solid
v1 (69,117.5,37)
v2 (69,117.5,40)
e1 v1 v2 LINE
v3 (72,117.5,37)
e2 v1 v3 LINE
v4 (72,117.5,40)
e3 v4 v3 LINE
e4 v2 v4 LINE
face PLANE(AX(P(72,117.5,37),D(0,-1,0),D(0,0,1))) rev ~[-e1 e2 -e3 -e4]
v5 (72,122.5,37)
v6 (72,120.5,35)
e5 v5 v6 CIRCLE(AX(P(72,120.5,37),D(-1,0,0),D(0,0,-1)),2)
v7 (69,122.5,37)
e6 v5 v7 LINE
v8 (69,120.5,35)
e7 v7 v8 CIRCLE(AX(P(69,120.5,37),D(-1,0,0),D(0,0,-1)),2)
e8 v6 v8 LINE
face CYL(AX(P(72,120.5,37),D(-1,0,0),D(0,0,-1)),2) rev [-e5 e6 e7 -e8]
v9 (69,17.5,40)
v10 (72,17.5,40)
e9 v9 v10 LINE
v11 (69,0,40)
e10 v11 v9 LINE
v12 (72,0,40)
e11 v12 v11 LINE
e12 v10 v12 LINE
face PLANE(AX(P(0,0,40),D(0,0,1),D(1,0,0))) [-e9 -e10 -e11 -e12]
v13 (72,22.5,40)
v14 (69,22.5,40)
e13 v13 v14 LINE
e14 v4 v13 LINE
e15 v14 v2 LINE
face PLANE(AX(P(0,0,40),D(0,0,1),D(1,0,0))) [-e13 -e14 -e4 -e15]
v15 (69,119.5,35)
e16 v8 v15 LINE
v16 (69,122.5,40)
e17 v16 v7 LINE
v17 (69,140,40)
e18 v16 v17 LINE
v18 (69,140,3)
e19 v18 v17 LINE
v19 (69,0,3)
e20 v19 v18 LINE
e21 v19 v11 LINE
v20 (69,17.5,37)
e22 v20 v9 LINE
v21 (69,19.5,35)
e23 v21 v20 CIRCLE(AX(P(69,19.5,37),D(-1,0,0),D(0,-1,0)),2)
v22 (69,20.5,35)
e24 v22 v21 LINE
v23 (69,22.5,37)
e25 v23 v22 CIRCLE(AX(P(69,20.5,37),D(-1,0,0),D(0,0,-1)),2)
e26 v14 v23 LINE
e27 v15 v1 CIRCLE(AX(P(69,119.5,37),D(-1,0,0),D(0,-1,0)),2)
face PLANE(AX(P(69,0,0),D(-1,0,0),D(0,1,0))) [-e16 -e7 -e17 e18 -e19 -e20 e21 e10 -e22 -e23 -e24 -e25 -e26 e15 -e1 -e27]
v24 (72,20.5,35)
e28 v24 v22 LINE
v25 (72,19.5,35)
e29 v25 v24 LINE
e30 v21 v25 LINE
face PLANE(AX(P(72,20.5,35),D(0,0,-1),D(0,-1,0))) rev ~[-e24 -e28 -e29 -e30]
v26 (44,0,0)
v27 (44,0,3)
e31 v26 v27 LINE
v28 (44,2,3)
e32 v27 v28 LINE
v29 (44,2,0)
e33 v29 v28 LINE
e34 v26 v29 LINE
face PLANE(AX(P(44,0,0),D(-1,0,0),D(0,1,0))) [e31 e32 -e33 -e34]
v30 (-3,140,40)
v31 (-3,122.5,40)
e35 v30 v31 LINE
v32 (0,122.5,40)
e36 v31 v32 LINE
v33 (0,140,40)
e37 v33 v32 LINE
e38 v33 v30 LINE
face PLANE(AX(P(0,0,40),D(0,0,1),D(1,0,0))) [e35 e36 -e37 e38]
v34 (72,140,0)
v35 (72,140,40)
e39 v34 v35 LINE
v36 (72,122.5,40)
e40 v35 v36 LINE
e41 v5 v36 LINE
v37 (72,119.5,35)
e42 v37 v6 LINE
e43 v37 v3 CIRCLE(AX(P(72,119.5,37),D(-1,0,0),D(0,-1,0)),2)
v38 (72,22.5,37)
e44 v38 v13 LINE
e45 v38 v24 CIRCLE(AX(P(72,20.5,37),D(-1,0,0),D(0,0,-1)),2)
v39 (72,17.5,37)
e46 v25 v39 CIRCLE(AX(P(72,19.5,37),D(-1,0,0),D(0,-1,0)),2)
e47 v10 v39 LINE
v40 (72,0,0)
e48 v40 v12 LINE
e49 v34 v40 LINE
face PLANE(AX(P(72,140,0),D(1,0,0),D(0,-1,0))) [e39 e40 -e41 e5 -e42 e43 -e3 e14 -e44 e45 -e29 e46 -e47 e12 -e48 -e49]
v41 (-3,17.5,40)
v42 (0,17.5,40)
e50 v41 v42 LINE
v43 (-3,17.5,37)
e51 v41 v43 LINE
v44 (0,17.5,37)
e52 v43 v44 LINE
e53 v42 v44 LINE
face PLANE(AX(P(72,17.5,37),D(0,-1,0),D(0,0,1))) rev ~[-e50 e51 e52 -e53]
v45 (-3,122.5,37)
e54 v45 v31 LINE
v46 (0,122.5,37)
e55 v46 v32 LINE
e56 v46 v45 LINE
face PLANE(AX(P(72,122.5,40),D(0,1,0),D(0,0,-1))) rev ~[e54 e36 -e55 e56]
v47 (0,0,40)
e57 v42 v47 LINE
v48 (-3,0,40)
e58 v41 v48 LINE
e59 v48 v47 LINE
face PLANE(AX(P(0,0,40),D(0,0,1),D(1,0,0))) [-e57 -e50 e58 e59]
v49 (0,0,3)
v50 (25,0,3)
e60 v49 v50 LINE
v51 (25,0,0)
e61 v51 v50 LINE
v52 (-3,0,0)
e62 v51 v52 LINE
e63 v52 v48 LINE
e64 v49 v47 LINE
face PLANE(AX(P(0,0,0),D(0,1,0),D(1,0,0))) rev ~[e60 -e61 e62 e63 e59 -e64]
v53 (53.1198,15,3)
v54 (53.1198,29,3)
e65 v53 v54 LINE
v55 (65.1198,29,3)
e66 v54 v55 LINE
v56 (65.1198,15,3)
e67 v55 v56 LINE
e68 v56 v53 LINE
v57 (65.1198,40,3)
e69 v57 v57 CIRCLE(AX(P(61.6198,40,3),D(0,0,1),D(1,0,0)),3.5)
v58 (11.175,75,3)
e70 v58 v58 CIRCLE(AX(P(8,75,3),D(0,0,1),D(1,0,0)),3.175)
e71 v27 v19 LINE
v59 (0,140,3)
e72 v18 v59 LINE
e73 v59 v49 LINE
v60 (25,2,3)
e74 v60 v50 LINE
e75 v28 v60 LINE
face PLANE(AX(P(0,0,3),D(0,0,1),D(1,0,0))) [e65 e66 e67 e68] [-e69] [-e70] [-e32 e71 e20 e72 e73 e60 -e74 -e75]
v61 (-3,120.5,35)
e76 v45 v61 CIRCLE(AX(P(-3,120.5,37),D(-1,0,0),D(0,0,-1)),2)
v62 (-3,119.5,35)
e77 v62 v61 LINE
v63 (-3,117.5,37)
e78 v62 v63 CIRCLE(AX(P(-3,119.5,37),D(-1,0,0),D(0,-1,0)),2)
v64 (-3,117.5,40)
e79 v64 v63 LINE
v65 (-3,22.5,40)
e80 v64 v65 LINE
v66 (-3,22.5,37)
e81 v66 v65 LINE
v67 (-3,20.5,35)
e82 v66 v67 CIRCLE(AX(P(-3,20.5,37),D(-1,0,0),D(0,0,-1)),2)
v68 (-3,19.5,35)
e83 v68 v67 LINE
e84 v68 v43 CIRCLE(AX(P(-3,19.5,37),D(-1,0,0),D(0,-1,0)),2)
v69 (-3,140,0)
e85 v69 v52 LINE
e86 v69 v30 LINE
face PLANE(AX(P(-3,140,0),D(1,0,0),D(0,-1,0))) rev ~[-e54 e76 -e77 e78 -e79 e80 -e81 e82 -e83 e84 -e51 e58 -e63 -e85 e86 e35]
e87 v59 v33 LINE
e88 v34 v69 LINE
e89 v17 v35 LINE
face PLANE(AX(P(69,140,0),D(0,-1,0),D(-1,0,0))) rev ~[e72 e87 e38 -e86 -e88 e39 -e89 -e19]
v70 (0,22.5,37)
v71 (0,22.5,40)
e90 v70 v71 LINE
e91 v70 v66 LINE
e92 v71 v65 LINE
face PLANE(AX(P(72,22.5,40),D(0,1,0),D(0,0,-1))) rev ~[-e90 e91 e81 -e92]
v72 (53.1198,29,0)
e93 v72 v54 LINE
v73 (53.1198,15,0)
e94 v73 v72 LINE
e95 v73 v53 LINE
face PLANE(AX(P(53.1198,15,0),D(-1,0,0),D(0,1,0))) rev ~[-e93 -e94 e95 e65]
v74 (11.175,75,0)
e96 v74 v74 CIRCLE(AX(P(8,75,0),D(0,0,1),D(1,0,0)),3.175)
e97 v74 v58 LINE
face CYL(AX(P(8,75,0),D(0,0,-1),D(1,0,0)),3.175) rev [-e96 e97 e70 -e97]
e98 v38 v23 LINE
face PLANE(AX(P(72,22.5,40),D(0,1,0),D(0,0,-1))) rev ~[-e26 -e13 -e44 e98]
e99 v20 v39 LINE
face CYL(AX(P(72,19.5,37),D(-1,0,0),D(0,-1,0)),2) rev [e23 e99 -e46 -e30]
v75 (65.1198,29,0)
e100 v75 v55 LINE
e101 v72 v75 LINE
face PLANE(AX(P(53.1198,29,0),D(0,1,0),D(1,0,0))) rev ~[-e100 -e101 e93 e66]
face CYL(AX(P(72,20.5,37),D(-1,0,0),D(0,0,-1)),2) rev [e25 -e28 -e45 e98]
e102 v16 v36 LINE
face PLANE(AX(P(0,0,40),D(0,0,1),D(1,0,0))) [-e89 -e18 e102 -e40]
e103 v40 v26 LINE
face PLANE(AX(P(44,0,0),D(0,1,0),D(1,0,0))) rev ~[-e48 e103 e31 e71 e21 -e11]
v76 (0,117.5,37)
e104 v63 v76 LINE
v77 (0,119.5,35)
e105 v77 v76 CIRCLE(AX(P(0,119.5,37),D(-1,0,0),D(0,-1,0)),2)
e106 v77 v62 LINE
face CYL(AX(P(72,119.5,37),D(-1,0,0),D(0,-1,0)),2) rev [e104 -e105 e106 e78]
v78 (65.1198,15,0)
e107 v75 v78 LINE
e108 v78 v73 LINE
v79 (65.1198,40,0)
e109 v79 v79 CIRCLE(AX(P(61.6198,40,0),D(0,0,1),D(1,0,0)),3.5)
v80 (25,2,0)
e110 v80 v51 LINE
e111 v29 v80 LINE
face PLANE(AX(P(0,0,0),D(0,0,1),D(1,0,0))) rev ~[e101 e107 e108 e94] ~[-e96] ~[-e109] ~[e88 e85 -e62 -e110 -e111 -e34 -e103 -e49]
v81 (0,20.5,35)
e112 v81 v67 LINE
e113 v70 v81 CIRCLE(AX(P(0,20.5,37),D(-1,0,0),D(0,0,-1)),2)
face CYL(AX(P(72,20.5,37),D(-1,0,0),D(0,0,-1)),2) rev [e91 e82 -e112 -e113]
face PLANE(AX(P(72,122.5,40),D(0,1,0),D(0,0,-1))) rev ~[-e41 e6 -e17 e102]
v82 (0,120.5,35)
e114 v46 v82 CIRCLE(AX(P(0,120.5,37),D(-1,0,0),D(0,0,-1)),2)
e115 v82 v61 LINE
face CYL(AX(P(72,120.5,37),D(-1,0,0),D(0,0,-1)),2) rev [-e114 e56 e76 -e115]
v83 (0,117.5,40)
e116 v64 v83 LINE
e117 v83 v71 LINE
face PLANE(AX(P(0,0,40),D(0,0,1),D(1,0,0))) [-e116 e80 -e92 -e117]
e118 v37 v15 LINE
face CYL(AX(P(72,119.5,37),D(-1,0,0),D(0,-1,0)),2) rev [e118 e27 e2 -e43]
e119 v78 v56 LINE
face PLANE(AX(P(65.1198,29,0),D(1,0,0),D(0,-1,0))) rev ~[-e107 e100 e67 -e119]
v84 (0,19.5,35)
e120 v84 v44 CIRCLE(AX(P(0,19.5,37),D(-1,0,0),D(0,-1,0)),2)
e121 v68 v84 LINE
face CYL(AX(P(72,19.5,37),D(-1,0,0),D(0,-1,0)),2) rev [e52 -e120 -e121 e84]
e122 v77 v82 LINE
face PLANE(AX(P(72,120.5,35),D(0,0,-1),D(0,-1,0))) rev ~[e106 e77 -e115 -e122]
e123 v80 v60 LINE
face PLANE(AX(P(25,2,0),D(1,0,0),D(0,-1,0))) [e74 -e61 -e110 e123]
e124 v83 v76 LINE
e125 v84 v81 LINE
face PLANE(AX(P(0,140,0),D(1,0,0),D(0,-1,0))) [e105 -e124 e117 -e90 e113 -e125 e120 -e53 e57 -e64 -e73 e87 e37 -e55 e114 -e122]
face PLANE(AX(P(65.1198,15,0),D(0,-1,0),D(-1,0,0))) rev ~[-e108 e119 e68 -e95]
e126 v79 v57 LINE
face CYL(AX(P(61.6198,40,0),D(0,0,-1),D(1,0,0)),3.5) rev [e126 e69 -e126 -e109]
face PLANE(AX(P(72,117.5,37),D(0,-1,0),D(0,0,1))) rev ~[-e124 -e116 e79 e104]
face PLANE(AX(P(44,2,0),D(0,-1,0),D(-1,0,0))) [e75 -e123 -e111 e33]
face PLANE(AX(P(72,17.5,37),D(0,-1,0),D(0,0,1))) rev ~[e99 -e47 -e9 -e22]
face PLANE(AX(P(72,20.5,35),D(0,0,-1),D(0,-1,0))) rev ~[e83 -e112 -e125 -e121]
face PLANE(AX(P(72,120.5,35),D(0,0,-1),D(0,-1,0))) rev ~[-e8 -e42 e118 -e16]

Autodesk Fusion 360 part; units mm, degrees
sketch "Sketch1" plane through (0, 0, 0) normal (0, 0, 1) x (1, 0, 0)
  line L0 (0, 0) -> (69, 0)
  line L1 (69, 0) -> (69, 140)
  line L2 (69, 140) -> (0, 140)
  line L3 (0, 140) -> (0, 0)
  line L4 (0, 140) -> (-3, 140)
  line L5 (-3, 140) -> (-3, 0)
  line L6 (-3, 0) -> (0, 0)
  line L7 (0, 0) -> (0, 140)
  line L8 (69, 140) -> (72, 140)
  line L9 (72, 140) -> (72, 0)
  line L10 (72, 0) -> (69, 0)
  line L11 (69, 0) -> (69, 140)
  line L12 (34.5, 140) -> (34.5, 0) construction
  line L13 (25, 0) -> (44, 0)
  line L14 (44, 0) -> (44, 2)
  line L15 (44, 2) -> (25, 2)
  line L16 (25, 2) -> (25, 0)
  line L17 (34.5, 2) -> (34.5, 0) construction
  line L18 (53.1198, 29) -> (65.1198, 29)
  line L19 (65.1198, 29) -> (65.1198, 15)
  line L20 (65.1198, 15) -> (53.1198, 15)
  line L21 (53.1198, 15) -> (53.1198, 29)
  circle A0 centre (8, 75) radius 3.175
  circle A1 centre (61.6198, 40) radius 3.5
  line L22 (65.1198, 29) -> (65.1198, 49) construction
  dimension "d1" = 140
  dimension "d3" = 3
  dimension "d4" = 3
  dimension "d30" = 75
  dimension "d31" = 2
  dimension "d32" = 19
  dimension "d33" = 14
  dimension "d34" = 12
  dimension "d35" = 6.35
  dimension "d36" = 65
  dimension "d37" = 7
  dimension "d38" = 40
  dimension "d39" = 15
extrude "Extrude1" add sketch "Sketch1" along normal blind 3 contours L0 L1 L2 L3 L7 L11 L14 L15 L16
extrude "Extrude2" add sketch "Sketch1" along normal blind 40 contours L3 L4 L5 L6 L7 | L1 L8 L9 L10 L11
sketch "Sketch3" plane through (72, 0, 0) normal (1, 0, 0) x (0, 1, 0)
  line L0 (0, 0) -> (140, 0)
  line L1 (140, 0) -> (140, 40)
  line L2 (140, 40) -> (0, 40)
  line L3 (0, 40) -> (0, 0)
  line L4 (140, 0) -> (0, 0)
  line L5 (70, 40) -> (70, 0) construction
  line L6 (17.5, 40) -> (22.5, 40)
  line L7 (22.5, 40) -> (22.5, 37)
  line L8 (20.5, 35) -> (19.5, 35)
  line L9 (17.5, 37) -> (17.5, 40)
  arc A0 (17.5, 37) -> (19.5, 35) centre (19.5, 37) ccw
  arc A1 (20.5, 35) -> (22.5, 37) centre (20.5, 37) ccw
  line L10 (20, 40) -> (20, 35) construction
  line L11 (117.5, 40) -> (122.5, 40)
  line L12 (122.5, 40) -> (122.5, 37)
  line L13 (120.5, 35) -> (119.5, 35)
  line L14 (117.5, 37) -> (117.5, 40)
  arc A2 (117.5, 37) -> (119.5, 35) centre (119.5, 37) ccw
  arc A3 (120.5, 35) -> (122.5, 37) centre (120.5, 37) ccw
  line L15 (120, 35) -> (120, 40) construction
  point P0 (17.5, 35)
  point P1 (117.5, 35)
  dimension "d18" = 5
  dimension "d19" = 5
  dimension "d20" = 2
  dimension "d21" = 2
  dimension "d23" = 5
  dimension "d24" = 2
  dimension "d25" = 2
  dimension "d26" = 5
  dimension "d27" = 100
extrude "Extrude3" cut sketch "Sketch3" along normal mid plane 200 contours L2 L6 L7 L8 L9 A0 A1 | L2 L11 L12 L13 L14 A2 A3
